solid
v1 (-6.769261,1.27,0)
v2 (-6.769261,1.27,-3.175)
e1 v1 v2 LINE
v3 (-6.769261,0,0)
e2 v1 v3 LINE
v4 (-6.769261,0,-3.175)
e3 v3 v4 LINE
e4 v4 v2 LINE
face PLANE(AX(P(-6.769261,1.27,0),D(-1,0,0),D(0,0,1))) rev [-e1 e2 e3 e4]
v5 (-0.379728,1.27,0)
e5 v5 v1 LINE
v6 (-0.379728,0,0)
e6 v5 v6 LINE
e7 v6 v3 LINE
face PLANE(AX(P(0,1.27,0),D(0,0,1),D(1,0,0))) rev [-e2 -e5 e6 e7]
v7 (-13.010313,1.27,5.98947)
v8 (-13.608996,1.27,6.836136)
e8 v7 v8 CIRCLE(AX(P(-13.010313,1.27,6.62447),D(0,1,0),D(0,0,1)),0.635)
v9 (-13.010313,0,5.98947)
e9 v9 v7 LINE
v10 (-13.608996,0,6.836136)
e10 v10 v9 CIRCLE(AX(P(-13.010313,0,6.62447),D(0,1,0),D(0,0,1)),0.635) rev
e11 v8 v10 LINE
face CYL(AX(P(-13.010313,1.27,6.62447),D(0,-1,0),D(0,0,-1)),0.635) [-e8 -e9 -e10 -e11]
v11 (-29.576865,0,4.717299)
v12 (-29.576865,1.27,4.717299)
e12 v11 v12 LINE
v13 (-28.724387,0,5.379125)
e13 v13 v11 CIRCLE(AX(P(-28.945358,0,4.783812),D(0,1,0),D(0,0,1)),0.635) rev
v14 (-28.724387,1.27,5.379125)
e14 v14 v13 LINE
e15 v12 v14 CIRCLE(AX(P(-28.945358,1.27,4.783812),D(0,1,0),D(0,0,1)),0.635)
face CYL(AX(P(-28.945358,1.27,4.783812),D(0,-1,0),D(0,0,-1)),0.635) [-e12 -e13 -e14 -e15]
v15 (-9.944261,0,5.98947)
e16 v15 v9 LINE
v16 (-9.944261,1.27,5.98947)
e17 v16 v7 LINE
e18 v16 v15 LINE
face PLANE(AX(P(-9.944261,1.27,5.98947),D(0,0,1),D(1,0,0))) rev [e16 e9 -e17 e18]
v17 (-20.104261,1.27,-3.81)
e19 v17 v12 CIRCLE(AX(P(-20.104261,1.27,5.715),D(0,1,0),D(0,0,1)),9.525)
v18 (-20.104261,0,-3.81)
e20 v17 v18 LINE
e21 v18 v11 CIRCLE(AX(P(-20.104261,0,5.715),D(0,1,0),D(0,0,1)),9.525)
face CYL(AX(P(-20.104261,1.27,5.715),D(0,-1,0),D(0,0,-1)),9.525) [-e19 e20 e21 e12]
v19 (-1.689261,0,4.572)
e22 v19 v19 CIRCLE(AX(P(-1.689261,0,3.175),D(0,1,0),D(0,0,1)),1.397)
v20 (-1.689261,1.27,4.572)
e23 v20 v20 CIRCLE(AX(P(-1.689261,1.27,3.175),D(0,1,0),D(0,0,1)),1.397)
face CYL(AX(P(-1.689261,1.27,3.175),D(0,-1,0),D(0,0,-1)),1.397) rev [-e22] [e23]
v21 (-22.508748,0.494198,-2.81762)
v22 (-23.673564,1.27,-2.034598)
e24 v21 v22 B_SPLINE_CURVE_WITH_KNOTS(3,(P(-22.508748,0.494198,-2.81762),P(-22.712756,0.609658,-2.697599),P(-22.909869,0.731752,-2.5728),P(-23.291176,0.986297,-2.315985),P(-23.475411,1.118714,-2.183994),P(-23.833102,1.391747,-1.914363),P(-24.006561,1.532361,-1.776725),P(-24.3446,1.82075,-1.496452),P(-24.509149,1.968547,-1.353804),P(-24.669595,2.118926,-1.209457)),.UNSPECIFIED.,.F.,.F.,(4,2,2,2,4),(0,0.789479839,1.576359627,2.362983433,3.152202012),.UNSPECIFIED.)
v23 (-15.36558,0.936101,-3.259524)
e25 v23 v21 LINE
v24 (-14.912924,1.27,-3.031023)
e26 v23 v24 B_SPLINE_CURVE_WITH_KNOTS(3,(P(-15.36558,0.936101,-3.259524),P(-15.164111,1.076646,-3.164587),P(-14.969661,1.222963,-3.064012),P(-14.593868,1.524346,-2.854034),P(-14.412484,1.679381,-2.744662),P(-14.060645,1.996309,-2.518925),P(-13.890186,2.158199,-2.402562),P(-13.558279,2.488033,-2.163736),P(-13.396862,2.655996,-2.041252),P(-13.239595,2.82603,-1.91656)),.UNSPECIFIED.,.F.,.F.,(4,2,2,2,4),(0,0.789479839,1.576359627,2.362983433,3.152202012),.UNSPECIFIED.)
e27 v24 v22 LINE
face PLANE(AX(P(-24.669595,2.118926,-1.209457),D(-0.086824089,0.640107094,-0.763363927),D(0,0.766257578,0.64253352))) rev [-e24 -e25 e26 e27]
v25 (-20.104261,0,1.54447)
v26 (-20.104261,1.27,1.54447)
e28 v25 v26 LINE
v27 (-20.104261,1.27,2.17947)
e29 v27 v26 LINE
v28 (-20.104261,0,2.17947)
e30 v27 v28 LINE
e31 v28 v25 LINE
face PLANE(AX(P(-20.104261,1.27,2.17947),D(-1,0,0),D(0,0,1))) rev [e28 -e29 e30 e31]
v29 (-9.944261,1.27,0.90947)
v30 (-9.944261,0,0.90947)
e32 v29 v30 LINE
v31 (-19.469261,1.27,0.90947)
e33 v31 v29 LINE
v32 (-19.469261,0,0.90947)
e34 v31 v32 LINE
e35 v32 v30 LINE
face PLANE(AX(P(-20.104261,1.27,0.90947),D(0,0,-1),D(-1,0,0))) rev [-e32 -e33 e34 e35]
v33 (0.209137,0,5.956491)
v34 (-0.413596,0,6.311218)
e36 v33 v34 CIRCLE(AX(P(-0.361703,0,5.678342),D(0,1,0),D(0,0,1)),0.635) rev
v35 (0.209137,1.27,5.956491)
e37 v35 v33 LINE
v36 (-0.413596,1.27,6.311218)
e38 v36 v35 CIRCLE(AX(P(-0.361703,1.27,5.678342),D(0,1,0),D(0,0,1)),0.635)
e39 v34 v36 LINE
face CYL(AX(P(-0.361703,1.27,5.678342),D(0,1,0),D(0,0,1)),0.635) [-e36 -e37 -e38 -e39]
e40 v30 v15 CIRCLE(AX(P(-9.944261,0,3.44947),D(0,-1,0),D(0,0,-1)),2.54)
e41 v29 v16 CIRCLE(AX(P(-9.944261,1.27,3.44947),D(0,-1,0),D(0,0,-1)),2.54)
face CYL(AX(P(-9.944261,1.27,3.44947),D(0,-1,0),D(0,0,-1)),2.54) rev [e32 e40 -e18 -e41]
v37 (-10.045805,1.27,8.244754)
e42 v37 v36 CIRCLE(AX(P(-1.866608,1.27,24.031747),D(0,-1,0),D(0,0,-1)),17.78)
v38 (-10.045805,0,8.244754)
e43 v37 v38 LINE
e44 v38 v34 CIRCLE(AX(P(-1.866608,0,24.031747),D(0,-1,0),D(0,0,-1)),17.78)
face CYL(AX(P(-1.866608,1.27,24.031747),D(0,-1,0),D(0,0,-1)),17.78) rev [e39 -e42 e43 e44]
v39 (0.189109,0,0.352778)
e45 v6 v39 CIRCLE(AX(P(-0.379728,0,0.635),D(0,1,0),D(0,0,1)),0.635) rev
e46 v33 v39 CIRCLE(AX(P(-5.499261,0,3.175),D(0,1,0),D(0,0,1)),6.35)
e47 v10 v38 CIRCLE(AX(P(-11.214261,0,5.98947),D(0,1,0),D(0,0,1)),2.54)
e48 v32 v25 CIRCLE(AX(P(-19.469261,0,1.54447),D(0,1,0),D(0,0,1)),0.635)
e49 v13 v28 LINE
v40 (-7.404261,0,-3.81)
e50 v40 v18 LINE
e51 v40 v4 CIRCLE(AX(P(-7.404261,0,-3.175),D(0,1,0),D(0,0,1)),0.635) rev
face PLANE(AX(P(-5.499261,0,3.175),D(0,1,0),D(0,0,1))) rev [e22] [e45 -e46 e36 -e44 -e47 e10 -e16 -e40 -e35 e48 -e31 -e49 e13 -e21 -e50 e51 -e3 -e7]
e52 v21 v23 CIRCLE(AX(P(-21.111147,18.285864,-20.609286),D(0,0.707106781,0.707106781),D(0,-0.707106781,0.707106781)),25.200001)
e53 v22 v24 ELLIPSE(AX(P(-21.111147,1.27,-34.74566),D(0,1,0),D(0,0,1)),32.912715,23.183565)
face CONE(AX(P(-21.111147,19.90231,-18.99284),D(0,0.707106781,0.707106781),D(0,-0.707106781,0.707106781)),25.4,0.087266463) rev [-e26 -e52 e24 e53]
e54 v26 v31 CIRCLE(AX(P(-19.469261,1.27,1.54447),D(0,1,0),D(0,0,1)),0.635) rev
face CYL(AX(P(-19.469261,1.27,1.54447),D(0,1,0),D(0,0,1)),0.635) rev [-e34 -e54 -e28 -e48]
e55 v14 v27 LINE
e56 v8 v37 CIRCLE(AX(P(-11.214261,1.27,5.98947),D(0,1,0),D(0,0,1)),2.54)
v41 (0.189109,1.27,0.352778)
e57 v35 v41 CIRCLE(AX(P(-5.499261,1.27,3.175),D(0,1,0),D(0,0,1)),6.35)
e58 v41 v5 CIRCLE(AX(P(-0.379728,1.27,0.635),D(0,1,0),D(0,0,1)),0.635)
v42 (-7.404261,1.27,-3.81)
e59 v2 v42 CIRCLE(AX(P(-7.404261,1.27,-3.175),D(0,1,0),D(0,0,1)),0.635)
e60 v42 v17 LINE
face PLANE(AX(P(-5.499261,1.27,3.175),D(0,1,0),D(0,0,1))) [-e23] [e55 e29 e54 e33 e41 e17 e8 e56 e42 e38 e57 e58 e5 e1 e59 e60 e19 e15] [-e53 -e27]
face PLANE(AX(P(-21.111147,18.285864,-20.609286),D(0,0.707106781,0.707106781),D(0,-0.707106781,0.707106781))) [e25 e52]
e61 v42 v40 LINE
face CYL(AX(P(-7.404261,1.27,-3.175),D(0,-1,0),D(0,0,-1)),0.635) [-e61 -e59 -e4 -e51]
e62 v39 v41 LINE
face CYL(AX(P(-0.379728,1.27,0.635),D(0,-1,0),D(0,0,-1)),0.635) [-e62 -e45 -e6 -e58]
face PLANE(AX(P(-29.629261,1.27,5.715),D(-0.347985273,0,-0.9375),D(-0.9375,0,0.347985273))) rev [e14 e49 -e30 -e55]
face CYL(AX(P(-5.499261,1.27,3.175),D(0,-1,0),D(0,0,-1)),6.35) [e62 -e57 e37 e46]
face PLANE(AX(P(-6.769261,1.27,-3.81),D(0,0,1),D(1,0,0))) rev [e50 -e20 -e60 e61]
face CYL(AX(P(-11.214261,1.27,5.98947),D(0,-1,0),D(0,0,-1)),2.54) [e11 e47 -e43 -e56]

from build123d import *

# Parameters (mm, degrees)
SKETCH1_R           = 1.397
BOSS_EXTRUDE1_DEPTH = 1.27
FILLET1_R           = 0.635
CUT_EXTRUDE3_DEPTH  = 2.286
CUT_EXTRUDE3_DRAFT  = -5


with BuildPart() as part:
    # Sketch1 → Boss-Extrude1 (new body)
    with BuildSketch(Plane(origin=(0, 0, 0), x_dir=(1, 0, 0), z_dir=(0, 1, 0))):
        with BuildLine():
            Line((0, 0), (-6.769261314, 0))
            Line((-6.769261314, 0), (-6.769261314, 3.81))
            Line((-6.769261314, 3.81), (-20.104261314, 3.81))
            ThreePointArc((-20.104261314, 3.81), (-26.839453405, 1.020192091), (-29.629261314, -5.715))
            Line((-29.629261314, -5.715), (-20.104261314, -2.17946963))
            Line((-20.104261314, -2.17946963), (-20.104261314, -0.90946963))
            Line((-20.104261314, -0.90946963), (-9.944261314, -0.90946963))
            ThreePointArc((-9.944261314, -0.90946963), (-7.404261314, -3.44946963), (-9.944261314, -5.98946963))
            Line((-9.944261314, -5.98946963), (-13.754261314, -5.98946963))
            ThreePointArc((-13.754261314, -5.98946963), (-12.534056747, -8.159663173), (-10.045804609, -8.244754297))
            ThreePointArc((-10.045804609, -8.244754297), (-5.162016489, -6.559807155), (0, -6.35))
            ThreePointArc((0, -6.35), (0.850738686, -3.175), (0, 0))
        make_face()
        with Locations((-1.689261314, -3.175)):
            Circle(SKETCH1_R, mode=Mode.SUBTRACT)
    extrude(amount=BOSS_EXTRUDE1_DEPTH)

    # Fillet1
    fillet1_edges = [part.edges().sort_by_distance(p)[0] for p in [
        (0, 0.635, 6.35),
        (-13.754261314, 0.635, 5.98946963),
        (-20.104261314, 0.635, 0.90946963),
        (-29.629261314, 0.635, 5.715),
        (-6.769261314, 0.635, -3.81),
        (0, 0.635, 0),
    ]]
    fillet(fillet1_edges, radius=FILLET1_R)


with BuildPart() as cut_extrude3_tool:
    # Sketch3 → Cut-Extrude3 (with draft: the straight prism first)
    with BuildSketch(Plane(origin=(0, 0.454734815, 0.454734815), x_dir=(1, 0, 0), z_dir=(0, 0.707106781, 0.707106781))):
        with BuildLine():
            ThreePointArc((-24.669594842, 2.353522249), (-18.89739116, 2.199678883), (-13.239594842, 3.353517673))
            Line((-13.239594842, 3.353517673), (-24.669594842, 2.353522249))
        make_face()
    extrude(amount=-CUT_EXTRUDE3_DEPTH)
    # Cut-Extrude3: the draft: its side faces are tilted about the plane it starts from
    cut_extrude3_sides = [cut_extrude3_tool.faces().sort_by_distance(p)[0] for p in [
        (-18.89739116, 1.201919619, -1.908896091),
        (-18.954594842, 1.664255078, -2.371231551),
    ]]
    draft(cut_extrude3_sides, Plane(origin=(0, 0.454734815, 0.454734815), x_dir=(1, 0, 0), z_dir=(0, 0.707106781, 0.707106781)), CUT_EXTRUDE3_DRAFT)


with BuildPart() as part_1:
    add(part.part)

    # Cut-Extrude3: cut by cut_extrude3_tool
    add(cut_extrude3_tool.part, mode=Mode.SUBTRACT)


solid = part_1.part
